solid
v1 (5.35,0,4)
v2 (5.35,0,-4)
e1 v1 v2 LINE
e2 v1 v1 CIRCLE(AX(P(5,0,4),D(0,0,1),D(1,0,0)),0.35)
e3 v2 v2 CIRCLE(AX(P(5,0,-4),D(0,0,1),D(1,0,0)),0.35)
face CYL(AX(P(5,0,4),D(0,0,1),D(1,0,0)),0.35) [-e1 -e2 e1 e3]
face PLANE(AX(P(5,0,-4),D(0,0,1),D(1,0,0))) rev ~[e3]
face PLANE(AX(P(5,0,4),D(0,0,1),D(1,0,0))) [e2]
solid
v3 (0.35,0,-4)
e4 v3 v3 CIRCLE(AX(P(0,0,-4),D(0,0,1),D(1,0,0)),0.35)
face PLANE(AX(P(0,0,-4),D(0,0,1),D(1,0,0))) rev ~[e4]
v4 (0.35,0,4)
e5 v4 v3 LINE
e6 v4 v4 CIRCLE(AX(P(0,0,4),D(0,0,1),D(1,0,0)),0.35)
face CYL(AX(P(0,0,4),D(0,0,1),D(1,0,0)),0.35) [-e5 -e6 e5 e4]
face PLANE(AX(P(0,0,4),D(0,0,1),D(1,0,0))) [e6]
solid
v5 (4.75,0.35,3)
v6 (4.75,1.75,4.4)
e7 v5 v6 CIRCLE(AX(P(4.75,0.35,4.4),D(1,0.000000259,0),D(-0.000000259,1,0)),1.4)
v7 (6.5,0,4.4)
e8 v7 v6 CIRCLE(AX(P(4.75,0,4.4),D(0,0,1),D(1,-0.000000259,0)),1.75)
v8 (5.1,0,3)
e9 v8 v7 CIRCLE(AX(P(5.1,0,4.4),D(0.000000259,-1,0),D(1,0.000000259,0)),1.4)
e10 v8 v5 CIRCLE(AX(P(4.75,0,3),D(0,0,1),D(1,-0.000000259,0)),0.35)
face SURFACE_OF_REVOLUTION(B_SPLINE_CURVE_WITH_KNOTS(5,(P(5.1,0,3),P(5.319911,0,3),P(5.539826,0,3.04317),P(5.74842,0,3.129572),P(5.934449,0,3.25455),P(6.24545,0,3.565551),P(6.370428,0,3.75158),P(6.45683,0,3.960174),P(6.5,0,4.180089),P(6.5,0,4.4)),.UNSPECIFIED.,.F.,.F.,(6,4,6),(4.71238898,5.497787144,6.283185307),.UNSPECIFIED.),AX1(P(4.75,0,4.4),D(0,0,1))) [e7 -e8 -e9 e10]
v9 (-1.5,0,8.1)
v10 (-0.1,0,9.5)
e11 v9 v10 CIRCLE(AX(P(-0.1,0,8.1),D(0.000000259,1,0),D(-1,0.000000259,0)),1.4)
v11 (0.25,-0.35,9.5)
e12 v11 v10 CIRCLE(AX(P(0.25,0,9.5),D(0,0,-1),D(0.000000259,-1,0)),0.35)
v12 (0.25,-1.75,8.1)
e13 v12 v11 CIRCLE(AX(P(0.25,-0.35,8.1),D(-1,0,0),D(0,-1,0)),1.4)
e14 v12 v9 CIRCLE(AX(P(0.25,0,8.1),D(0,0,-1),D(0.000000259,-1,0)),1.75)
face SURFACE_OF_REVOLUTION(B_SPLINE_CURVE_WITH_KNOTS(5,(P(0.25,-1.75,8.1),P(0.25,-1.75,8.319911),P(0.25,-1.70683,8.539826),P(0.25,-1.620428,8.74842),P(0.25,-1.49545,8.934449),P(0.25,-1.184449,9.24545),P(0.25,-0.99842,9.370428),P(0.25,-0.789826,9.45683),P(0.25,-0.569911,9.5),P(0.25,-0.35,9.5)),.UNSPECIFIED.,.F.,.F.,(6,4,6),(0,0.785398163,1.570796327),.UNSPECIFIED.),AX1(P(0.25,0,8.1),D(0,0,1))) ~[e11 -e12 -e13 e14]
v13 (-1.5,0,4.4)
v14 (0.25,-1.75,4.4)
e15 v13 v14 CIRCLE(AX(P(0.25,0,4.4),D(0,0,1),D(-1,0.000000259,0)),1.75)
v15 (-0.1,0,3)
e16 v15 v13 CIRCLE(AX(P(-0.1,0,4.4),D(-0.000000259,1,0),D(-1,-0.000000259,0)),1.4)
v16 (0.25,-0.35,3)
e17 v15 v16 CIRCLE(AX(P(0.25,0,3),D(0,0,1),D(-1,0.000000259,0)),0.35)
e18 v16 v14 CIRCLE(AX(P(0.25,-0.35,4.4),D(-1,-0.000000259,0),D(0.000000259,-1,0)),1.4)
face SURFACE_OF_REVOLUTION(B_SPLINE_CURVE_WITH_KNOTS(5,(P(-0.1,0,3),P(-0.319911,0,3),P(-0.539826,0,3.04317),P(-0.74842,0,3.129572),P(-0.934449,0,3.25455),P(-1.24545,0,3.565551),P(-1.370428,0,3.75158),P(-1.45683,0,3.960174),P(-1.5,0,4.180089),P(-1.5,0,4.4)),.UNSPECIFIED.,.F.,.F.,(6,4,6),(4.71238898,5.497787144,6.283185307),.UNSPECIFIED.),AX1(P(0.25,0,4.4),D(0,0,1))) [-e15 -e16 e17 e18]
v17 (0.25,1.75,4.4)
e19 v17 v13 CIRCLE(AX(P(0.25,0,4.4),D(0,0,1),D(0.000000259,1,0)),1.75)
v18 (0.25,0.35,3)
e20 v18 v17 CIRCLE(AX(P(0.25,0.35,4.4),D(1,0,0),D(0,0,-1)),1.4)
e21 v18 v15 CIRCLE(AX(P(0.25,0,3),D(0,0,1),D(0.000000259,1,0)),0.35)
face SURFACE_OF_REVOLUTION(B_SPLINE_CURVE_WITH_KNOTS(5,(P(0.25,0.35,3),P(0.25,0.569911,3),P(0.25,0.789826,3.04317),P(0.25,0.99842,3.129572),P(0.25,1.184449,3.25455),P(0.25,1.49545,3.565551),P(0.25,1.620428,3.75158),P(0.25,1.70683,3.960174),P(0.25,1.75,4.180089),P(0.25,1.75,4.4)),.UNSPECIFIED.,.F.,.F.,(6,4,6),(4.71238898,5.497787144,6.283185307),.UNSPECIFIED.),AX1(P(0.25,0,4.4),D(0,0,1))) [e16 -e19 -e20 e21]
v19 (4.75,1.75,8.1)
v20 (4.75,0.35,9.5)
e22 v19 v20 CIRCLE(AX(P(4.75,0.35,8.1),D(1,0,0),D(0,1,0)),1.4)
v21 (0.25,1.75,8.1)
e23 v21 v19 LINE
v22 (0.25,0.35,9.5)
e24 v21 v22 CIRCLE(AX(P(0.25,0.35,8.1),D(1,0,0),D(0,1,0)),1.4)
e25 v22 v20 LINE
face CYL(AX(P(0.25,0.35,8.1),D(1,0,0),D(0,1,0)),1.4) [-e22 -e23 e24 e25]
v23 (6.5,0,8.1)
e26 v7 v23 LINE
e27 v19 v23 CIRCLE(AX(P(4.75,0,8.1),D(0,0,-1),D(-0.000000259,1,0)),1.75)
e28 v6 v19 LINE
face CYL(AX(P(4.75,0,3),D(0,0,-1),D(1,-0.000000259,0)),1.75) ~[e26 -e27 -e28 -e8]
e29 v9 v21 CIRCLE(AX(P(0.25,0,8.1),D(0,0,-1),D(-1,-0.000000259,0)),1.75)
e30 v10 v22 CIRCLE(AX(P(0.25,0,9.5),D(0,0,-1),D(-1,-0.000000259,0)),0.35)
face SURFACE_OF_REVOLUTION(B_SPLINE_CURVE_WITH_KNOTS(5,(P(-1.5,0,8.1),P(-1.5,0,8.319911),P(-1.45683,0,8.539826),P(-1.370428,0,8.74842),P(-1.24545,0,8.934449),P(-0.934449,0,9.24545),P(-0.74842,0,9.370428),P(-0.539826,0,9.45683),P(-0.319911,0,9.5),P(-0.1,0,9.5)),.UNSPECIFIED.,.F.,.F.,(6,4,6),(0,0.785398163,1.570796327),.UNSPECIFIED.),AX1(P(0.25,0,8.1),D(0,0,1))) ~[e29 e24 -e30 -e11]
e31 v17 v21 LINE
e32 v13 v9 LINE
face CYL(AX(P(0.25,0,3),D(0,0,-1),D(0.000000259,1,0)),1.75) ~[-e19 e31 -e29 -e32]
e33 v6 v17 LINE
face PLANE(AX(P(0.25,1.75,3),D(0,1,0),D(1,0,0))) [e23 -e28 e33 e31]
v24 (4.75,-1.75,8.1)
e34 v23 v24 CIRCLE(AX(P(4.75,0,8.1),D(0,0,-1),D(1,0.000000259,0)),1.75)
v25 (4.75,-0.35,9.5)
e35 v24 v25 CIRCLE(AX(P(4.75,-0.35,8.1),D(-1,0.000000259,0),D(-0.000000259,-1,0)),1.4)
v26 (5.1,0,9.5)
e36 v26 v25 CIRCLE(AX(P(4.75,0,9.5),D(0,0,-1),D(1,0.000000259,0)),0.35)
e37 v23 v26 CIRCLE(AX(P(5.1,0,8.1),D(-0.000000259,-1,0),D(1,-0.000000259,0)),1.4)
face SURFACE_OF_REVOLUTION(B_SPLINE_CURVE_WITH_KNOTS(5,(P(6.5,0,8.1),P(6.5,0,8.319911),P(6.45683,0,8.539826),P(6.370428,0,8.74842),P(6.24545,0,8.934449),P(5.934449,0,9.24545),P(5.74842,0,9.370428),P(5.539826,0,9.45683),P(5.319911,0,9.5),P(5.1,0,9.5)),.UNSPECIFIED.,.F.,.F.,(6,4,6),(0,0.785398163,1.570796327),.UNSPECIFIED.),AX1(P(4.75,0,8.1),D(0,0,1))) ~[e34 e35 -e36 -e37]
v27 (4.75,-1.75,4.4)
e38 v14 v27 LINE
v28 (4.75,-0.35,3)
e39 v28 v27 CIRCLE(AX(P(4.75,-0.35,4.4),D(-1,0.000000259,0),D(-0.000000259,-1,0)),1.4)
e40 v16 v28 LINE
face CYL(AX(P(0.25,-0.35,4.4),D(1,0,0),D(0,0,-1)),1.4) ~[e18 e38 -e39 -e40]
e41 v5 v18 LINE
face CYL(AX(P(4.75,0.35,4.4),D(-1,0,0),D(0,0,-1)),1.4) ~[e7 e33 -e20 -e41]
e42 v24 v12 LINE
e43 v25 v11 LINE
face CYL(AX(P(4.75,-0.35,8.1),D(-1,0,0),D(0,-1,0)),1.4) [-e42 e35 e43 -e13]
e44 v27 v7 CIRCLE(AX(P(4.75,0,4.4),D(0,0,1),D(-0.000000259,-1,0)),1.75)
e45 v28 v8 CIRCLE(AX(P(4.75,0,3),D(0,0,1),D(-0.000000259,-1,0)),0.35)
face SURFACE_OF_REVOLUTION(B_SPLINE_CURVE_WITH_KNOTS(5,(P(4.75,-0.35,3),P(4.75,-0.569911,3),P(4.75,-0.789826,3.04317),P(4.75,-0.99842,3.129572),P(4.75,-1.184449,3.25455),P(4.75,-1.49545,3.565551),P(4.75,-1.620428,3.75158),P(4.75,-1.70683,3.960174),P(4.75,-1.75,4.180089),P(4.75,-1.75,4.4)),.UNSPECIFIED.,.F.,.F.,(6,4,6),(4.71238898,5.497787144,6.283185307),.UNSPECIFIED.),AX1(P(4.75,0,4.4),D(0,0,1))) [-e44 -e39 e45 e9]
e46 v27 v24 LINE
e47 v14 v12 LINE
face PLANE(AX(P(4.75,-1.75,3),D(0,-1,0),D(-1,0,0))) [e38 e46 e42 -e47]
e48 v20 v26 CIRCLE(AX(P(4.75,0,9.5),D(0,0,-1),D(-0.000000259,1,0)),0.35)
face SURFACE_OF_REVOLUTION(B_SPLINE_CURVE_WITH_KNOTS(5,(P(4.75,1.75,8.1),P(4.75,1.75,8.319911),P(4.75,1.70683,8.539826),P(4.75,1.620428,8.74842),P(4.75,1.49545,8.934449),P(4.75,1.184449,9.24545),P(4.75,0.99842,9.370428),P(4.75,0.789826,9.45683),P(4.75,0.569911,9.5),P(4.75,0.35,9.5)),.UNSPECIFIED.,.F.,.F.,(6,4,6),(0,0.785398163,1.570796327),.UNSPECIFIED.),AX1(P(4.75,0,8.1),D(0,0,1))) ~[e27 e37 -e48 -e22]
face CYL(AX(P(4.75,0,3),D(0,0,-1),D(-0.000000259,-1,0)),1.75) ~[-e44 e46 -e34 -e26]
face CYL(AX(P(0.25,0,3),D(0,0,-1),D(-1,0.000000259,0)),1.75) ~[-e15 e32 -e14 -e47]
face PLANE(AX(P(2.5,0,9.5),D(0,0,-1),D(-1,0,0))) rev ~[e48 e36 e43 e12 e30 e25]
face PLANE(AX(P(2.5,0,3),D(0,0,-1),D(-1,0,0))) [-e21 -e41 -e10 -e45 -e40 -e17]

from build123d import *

# Parameters (mm, degrees)
SKETCH_R     = 0.35
PAD_DEPTH    = 8
PAD002_DEPTH = 6.5
FILLET_R     = 1.4
FILLET001_R  = 1.4


with BuildPart() as pad:
    # Sketch → Pad (new body)
    with BuildSketch(Plane.XY.offset(4)):
        Circle(SKETCH_R)
        with Locations((5, 0)):
            Circle(SKETCH_R)
    extrude(amount=-PAD_DEPTH)


with BuildPart() as fillet001:
    # Sketch003 → Pad002 (new body)
    with BuildSketch(Plane.XY.offset(3)):
        with BuildLine():
            Line((0.25, 1.75), (4.75, 1.75))
            ThreePointArc((6.5, 0), (5.987437, 1.237437), (4.75, 1.75))
            ThreePointArc((4.75, -1.75), (5.987437, -1.237437), (6.5, 0))
            Line((4.75, -1.75), (0.25, -1.75))
            ThreePointArc((-1.5, 0), (-0.987437, -1.237437), (0.25, -1.75))
            ThreePointArc((0.25, 1.75), (-0.987437, 1.237437), (-1.5, 0))
        make_face()
    extrude(amount=PAD002_DEPTH)

    # Fillet
    fillet_edges = [fillet001.edges().sort_by_distance(p)[0] for p in [
        (2.5, 1.75, 9.5),
        (-0.987437, 1.237437, 9.5),
        (-0.987437, -1.237437, 9.5),
        (2.5, -1.75, 9.5),
        (5.987437, -1.237437, 9.5),
        (5.987437, 1.237437, 9.5),
    ]]
    fillet(fillet_edges, radius=FILLET_R)

    # Fillet001
    fillet001_edges = [fillet001.edges().sort_by_distance(p)[0] for p in [
        (5.987437, -1.237437, 3),
        (5.987437, 1.237437, 3),
        (2.5, 1.75, 3),
        (2.5, -1.75, 3),
        (-0.987437, -1.237437, 3),
        (-0.987437, 1.237437, 3),
    ]]
    fillet(fillet001_edges, radius=FILLET001_R)


solid = Compound([pad.part, fillet001.part])
